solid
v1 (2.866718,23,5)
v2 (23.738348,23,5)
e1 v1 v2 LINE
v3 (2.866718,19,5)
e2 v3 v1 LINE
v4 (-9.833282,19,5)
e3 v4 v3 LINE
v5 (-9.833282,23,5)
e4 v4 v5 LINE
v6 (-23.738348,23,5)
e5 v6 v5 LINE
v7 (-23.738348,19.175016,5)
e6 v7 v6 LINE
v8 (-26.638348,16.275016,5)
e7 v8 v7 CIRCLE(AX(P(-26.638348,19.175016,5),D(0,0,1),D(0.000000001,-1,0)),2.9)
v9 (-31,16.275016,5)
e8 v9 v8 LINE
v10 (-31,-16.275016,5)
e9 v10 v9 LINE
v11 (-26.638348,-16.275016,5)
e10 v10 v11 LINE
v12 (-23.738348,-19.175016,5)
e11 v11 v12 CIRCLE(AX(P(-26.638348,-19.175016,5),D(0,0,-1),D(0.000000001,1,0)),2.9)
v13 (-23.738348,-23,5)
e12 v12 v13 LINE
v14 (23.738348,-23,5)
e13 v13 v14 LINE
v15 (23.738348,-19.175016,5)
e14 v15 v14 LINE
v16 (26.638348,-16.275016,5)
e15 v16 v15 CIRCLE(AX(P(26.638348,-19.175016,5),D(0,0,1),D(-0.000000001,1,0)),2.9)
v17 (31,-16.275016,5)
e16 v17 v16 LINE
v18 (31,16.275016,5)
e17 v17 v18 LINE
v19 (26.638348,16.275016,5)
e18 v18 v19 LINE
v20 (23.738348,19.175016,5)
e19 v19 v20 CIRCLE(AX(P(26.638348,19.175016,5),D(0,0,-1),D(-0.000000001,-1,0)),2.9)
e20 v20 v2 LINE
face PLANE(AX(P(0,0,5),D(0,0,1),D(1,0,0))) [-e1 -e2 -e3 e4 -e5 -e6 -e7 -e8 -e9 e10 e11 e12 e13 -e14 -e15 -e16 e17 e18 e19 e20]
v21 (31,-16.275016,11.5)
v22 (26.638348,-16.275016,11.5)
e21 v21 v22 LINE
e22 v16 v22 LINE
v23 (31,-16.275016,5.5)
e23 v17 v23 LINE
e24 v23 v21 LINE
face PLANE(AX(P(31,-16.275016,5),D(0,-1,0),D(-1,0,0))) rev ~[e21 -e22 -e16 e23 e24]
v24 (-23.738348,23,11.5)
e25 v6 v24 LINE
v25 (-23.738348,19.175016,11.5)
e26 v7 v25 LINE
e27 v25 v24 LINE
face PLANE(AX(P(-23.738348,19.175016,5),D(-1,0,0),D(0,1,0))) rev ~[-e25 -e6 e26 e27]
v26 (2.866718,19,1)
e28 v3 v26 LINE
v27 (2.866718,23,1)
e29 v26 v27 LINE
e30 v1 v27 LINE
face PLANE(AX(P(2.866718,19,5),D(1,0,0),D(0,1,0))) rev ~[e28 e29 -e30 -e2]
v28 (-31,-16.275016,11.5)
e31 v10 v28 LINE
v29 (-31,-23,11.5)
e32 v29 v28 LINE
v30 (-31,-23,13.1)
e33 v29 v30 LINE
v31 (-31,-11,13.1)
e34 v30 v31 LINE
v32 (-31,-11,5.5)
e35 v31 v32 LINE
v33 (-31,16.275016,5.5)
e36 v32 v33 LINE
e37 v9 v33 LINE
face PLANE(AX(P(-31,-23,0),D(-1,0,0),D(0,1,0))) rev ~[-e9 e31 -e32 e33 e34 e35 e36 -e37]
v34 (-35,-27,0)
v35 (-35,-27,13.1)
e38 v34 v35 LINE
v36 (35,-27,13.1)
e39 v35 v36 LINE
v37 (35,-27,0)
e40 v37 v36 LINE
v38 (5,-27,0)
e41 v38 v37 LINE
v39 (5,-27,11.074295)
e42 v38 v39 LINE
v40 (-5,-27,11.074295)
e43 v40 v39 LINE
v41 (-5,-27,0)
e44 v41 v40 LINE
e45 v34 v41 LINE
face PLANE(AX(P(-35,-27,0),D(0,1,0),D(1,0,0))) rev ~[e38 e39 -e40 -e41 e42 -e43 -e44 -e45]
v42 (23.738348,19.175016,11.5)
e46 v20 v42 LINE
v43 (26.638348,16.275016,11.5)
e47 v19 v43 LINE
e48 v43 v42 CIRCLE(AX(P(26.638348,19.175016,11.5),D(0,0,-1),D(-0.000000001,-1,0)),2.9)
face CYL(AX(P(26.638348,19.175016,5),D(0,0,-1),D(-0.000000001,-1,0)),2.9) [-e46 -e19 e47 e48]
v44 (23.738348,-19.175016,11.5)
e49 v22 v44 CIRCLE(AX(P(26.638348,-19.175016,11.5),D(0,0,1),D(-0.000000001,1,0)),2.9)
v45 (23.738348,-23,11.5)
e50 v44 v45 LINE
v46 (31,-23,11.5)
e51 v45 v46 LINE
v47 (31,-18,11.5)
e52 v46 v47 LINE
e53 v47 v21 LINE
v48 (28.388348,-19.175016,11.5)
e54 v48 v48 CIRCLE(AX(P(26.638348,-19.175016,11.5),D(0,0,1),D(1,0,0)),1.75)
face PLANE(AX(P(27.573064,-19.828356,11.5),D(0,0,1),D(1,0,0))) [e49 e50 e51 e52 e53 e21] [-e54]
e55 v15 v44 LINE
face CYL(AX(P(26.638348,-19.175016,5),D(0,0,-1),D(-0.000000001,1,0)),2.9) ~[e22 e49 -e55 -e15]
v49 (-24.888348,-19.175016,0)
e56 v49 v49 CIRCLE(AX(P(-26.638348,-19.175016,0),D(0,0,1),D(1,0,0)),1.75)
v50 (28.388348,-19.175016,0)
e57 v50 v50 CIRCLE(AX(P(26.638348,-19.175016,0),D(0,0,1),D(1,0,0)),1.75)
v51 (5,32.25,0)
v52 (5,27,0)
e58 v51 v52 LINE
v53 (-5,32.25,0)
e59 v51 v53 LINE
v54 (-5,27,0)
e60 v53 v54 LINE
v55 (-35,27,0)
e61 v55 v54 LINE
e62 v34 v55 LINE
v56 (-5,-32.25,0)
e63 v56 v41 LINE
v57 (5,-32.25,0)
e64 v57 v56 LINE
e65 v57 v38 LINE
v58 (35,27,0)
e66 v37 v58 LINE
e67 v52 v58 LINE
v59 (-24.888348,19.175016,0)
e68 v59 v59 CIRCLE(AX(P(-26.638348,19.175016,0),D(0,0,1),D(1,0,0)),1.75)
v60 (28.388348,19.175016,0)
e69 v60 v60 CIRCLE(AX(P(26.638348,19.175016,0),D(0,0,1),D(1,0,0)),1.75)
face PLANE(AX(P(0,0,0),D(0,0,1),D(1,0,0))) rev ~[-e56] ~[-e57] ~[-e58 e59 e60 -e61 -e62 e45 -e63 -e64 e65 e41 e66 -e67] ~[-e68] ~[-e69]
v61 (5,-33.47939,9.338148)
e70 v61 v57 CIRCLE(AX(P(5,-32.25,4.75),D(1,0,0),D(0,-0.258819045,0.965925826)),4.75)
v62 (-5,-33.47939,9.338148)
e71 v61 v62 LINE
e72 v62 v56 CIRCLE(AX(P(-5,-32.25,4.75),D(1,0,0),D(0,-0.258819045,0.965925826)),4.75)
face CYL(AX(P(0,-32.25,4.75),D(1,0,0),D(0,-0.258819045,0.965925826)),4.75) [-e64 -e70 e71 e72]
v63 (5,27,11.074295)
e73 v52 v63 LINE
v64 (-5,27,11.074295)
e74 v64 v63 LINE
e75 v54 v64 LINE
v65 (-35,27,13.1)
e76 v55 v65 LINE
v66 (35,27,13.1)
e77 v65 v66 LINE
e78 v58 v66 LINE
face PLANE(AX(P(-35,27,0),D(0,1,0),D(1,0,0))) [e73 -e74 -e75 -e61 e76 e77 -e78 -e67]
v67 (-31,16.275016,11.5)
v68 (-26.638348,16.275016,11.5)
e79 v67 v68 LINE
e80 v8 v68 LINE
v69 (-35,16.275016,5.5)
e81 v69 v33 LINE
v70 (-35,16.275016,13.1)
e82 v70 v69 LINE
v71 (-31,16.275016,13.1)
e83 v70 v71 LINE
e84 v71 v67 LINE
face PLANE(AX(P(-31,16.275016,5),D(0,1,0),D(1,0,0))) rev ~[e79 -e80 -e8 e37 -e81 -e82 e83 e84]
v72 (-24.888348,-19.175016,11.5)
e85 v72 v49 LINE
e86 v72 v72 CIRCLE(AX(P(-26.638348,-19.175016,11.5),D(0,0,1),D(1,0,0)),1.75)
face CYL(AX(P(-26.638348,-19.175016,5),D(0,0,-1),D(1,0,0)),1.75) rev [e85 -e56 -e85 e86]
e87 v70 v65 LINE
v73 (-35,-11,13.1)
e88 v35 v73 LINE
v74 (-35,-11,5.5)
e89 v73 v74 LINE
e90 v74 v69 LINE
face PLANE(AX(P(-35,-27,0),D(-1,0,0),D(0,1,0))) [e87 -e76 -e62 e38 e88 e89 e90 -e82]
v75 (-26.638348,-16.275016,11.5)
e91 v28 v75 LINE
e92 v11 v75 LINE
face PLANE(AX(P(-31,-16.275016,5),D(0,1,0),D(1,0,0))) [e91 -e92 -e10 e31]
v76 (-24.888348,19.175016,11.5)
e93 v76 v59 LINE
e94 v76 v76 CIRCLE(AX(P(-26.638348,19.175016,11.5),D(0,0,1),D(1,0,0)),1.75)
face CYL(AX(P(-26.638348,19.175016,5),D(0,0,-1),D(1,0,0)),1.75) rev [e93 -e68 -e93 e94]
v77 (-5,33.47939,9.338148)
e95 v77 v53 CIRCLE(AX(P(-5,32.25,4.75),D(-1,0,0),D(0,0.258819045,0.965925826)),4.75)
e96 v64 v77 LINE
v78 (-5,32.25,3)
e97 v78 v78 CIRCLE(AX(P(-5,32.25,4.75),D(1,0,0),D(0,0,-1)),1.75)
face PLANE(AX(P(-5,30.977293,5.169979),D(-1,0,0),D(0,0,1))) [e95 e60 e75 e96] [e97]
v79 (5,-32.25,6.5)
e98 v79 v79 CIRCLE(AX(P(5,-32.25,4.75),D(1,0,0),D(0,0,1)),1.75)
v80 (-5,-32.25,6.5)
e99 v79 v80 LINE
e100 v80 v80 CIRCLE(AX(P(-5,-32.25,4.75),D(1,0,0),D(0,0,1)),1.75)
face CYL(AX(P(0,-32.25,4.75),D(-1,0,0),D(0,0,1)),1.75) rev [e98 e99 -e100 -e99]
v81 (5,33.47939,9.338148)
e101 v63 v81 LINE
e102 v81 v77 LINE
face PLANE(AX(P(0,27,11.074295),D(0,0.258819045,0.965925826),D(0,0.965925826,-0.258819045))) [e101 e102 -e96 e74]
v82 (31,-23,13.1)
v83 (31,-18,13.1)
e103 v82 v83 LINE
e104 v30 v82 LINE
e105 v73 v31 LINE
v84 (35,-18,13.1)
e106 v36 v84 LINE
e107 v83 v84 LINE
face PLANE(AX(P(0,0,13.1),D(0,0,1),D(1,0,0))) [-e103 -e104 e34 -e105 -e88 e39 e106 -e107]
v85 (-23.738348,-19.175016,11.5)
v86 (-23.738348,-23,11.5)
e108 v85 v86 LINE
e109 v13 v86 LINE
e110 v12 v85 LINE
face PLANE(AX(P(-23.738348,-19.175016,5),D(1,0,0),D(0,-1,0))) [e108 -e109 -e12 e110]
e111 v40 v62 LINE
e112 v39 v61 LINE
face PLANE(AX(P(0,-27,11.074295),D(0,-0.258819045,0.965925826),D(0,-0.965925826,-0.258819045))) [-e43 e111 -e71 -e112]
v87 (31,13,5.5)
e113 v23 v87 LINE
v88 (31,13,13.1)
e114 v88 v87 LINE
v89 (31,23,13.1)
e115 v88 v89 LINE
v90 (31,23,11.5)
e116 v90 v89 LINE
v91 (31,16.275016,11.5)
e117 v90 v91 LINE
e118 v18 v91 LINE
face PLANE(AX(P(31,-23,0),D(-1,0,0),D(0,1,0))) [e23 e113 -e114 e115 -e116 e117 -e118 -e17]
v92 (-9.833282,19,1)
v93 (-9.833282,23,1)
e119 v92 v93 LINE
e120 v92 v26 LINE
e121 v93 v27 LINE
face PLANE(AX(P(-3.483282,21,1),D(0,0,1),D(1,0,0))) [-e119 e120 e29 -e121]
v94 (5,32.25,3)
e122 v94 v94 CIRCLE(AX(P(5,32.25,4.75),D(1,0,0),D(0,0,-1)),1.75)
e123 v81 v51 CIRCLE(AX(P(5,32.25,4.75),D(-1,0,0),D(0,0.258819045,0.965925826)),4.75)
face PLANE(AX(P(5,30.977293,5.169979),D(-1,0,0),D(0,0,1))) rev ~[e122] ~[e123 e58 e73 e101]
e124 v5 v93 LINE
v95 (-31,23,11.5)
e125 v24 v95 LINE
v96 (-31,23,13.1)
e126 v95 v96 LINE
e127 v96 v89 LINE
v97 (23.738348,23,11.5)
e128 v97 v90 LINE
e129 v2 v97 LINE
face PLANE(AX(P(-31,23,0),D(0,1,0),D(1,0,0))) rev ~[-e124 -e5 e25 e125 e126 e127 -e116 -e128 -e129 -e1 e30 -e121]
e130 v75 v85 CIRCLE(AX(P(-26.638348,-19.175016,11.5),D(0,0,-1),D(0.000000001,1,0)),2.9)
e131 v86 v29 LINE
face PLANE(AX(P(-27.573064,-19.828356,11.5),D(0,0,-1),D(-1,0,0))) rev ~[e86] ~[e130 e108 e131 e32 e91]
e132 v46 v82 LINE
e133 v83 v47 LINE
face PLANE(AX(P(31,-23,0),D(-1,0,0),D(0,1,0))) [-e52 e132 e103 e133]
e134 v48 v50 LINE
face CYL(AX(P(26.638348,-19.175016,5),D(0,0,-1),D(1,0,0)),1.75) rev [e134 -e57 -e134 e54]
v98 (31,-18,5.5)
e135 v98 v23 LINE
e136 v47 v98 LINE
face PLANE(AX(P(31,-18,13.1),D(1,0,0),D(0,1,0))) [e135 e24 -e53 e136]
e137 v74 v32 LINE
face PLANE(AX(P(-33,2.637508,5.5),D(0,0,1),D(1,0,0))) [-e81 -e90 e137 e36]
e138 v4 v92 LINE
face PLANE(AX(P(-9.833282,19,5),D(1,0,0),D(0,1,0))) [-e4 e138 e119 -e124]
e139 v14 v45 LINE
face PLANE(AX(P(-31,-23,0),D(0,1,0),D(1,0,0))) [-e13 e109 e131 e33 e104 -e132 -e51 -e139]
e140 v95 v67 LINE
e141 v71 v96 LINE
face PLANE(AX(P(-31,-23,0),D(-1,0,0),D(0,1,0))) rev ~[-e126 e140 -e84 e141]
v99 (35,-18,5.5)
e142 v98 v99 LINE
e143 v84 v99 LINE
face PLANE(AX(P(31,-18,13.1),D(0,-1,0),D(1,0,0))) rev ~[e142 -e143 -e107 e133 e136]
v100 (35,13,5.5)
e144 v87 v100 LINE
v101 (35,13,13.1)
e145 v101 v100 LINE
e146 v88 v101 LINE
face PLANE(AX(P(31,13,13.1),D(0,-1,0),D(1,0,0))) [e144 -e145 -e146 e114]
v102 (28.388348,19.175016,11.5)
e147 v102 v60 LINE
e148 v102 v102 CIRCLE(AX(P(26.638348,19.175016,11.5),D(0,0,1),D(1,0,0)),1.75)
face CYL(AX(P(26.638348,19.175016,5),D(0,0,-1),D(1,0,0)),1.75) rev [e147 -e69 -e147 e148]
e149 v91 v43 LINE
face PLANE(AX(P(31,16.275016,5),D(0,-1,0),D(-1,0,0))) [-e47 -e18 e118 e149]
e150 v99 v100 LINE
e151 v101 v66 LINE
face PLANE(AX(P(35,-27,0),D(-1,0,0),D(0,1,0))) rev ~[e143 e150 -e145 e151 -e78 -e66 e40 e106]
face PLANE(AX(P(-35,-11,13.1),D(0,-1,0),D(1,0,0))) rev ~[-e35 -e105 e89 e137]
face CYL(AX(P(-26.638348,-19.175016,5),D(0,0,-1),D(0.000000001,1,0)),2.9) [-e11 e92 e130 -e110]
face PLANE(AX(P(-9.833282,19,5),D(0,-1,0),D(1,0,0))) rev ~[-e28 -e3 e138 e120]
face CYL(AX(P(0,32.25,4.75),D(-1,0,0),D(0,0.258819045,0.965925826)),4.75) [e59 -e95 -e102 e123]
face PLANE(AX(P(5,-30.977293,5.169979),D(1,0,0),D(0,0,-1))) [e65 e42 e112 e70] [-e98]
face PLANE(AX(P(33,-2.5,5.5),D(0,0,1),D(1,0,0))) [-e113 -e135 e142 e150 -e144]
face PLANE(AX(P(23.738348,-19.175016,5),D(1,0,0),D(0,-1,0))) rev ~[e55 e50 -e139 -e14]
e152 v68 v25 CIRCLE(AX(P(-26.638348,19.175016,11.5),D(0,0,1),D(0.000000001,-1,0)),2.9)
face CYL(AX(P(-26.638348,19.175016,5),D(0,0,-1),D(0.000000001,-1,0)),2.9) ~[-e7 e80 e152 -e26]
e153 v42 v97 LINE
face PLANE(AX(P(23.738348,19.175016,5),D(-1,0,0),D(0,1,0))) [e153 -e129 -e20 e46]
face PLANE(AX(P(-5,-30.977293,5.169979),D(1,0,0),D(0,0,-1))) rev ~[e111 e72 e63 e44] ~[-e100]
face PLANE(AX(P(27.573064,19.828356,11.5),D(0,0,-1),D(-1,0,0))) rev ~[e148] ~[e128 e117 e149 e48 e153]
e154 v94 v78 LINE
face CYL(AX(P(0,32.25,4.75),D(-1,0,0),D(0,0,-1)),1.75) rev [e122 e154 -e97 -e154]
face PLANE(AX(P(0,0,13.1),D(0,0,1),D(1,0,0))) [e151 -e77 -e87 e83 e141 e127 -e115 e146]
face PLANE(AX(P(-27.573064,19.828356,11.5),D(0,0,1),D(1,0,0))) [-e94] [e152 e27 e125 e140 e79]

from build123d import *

# Parameters (mm, degrees)
SKETCH1_W           = 62
SKETCH1_H           = 46
SKETCH1_R           = 1.75
BOSS_EXTRUDE1_DEPTH = 5
SKETCH1_3_W         = 70
SKETCH1_3_H         = 54
SKETCH1_3_W_2       = 62
SKETCH1_3_H_2       = 46
BOSS_EXTRUDE2_DEPTH = 13.1
SKETCH2_W           = 12.7
SKETCH2_H           = 4
CUT_EXTRUDE1_DEPTH  = 4
SKETCH3_R           = 1.75
BOSS_EXTRUDE3_DEPTH = 6.5
SKETCH4_W           = 4
SKETCH4_H           = 27.275016295
SKETCH4_H_2         = 31
CUT_EXTRUDE2_DEPTH  = 7.6
SKETCH5_R           = 1.75
BOSS_EXTRUDE4_DEPTH = 5


with BuildPart() as part:
    # Sketch1 → Boss-Extrude1 (new body)
    with BuildSketch(Plane.XY):
        Rectangle(SKETCH1_W, SKETCH1_H)
        with Locations((26.638347595, -19.175016295)):
            Circle(SKETCH1_R, mode=Mode.SUBTRACT)
        with Locations((26.638347595, 19.175016295)):
            Circle(SKETCH1_R, mode=Mode.SUBTRACT)
        with Locations((-26.638347595, 19.175016295)):
            Circle(SKETCH1_R, mode=Mode.SUBTRACT)
        with Locations((-26.638347595, -19.175016295)):
            Circle(SKETCH1_R, mode=Mode.SUBTRACT)
    extrude(amount=BOSS_EXTRUDE1_DEPTH)

    # Sketch1<3> → Boss-Extrude2 (add)
    with BuildSketch(Plane.XY):
        Rectangle(SKETCH1_3_W, SKETCH1_3_H)
        Rectangle(SKETCH1_3_W_2, SKETCH1_3_H_2, mode=Mode.SUBTRACT)
    extrude(amount=BOSS_EXTRUDE2_DEPTH)

    # Sketch2 → Cut-Extrude1 (cut)
    with BuildSketch(Plane.XY.offset(5)):
        with Locations((-3.48328221, 21)):
            Rectangle(SKETCH2_W, SKETCH2_H)
    extrude(amount=-CUT_EXTRUDE1_DEPTH, mode=Mode.SUBTRACT)

    # Sketch3 → Boss-Extrude3 (add)
    # profile 1 of 4: a face of its own
    with BuildSketch(Plane.XY.offset(5)):
        with BuildLine():
            Line((-23.738347595, 19.175016295), (-23.738347595, 23))
            Line((-23.738347595, 23), (-31, 23))
            Line((-31, 23), (-31, 16.275016295))
            Line((-31, 16.275016295), (-26.638347595, 16.275016295))
            ThreePointArc((-26.638347595, 16.275016295), (-24.58773793, 17.12440663), (-23.738347595, 19.175016295))
        make_face()
        with Locations((-26.638347595, 19.175016295)):
            Circle(SKETCH3_R, mode=Mode.SUBTRACT)
    # profile 2 of 4: a face of its own
    with BuildSketch(Plane.XY.offset(5)):
        with BuildLine():
            Line((-31, -16.275016295), (-26.638347595, -16.275016295))
            ThreePointArc((-26.638347595, -16.275016295), (-24.58773793, -17.12440663), (-23.738347595, -19.175016295))
            Line((-23.738347595, -19.175016295), (-23.738347595, -23))
            Line((-23.738347595, -23), (-31, -23))
            Line((-31, -23), (-31, -16.275016295))
        make_face()
        with Locations((-26.638347595, -19.175016295)):
            Circle(SKETCH3_R, mode=Mode.SUBTRACT)
    # profile 3 of 4: a face of its own
    with BuildSketch(Plane.XY.offset(5)):
        with BuildLine():
            Line((31, -23), (31, -16.275016295))
            Line((31, -16.275016295), (26.638347595, -16.275016295))
            ThreePointArc((26.638347595, -16.275016295), (24.58773793, -17.12440663), (23.738347595, -19.175016295))
            Line((23.738347595, -19.175016295), (23.738347595, -23))
            Line((23.738347595, -23), (31, -23))
        make_face()
        with Locations((26.638347595, -19.175016295)):
            Circle(SKETCH3_R, mode=Mode.SUBTRACT)
    # profile 4 of 4: a face of its own
    with BuildSketch(Plane.XY.offset(5)):
        with BuildLine():
            Line((31, 16.275016295), (26.638347595, 16.275016295))
            ThreePointArc((26.638347595, 16.275016295), (24.58773793, 17.12440663), (23.738347595, 19.175016295))
            Line((23.738347595, 19.175016295), (23.738347595, 23))
            Line((23.738347595, 23), (31, 23))
            Line((31, 23), (31, 16.275016295))
        make_face()
        with Locations((26.638347595, 19.175016295)):
            Circle(SKETCH3_R, mode=Mode.SUBTRACT)
    extrude(amount=BOSS_EXTRUDE3_DEPTH)

    # Sketch4 → Cut-Extrude2 (cut)
    with BuildSketch(Plane.XY.offset(13.1)):
        with Locations((-33, 2.637508148)):
            Rectangle(SKETCH4_W, SKETCH4_H)
        with Locations((33, -2.5)):
            Rectangle(SKETCH4_W, SKETCH4_H_2)
    extrude(amount=-CUT_EXTRUDE2_DEPTH, mode=Mode.SUBTRACT)

    # Sketch5 → Boss-Extrude4 (add, symmetric)
    # profile 1 of 2: a face of its own
    with BuildSketch(Plane(origin=(0, 0, 0), x_dir=(0, 0, -1), z_dir=(1, 0, 0))):
        with BuildLine():
            Line((-11.074295117, 27), (-9.338147675, 33.479390464))
            ThreePointArc((-9.338147675, 33.479390464), (-4.130000587, 36.959363092), (0, 32.25))
            Line((0, 32.25), (0, 27))
            Line((0, 27), (-11.074295117, 27))
        make_face()
        with Locations((-4.75, 32.25)):
            Circle(SKETCH5_R, mode=Mode.SUBTRACT)
    # profile 2 of 2: a face of its own
    with BuildSketch(Plane(origin=(0, 0, 0), x_dir=(0, 0, -1), z_dir=(1, 0, 0))):
        with BuildLine():
            Line((0, -32.25), (0, -27))
            Line((0, -27), (-11.074295117, -27))
            Line((-11.074295117, -27), (-9.338147675, -33.479390464))
            ThreePointArc((-9.338147675, -33.479390464), (-4.130000587, -36.959363092), (0, -32.25))
        make_face()
        with Locations(Location((-4.75, -32.25, 0), (0, 0, 180))):
            Circle(SKETCH5_R, mode=Mode.SUBTRACT)
    extrude(amount=BOSS_EXTRUDE4_DEPTH, both=True)


solid = part.part
